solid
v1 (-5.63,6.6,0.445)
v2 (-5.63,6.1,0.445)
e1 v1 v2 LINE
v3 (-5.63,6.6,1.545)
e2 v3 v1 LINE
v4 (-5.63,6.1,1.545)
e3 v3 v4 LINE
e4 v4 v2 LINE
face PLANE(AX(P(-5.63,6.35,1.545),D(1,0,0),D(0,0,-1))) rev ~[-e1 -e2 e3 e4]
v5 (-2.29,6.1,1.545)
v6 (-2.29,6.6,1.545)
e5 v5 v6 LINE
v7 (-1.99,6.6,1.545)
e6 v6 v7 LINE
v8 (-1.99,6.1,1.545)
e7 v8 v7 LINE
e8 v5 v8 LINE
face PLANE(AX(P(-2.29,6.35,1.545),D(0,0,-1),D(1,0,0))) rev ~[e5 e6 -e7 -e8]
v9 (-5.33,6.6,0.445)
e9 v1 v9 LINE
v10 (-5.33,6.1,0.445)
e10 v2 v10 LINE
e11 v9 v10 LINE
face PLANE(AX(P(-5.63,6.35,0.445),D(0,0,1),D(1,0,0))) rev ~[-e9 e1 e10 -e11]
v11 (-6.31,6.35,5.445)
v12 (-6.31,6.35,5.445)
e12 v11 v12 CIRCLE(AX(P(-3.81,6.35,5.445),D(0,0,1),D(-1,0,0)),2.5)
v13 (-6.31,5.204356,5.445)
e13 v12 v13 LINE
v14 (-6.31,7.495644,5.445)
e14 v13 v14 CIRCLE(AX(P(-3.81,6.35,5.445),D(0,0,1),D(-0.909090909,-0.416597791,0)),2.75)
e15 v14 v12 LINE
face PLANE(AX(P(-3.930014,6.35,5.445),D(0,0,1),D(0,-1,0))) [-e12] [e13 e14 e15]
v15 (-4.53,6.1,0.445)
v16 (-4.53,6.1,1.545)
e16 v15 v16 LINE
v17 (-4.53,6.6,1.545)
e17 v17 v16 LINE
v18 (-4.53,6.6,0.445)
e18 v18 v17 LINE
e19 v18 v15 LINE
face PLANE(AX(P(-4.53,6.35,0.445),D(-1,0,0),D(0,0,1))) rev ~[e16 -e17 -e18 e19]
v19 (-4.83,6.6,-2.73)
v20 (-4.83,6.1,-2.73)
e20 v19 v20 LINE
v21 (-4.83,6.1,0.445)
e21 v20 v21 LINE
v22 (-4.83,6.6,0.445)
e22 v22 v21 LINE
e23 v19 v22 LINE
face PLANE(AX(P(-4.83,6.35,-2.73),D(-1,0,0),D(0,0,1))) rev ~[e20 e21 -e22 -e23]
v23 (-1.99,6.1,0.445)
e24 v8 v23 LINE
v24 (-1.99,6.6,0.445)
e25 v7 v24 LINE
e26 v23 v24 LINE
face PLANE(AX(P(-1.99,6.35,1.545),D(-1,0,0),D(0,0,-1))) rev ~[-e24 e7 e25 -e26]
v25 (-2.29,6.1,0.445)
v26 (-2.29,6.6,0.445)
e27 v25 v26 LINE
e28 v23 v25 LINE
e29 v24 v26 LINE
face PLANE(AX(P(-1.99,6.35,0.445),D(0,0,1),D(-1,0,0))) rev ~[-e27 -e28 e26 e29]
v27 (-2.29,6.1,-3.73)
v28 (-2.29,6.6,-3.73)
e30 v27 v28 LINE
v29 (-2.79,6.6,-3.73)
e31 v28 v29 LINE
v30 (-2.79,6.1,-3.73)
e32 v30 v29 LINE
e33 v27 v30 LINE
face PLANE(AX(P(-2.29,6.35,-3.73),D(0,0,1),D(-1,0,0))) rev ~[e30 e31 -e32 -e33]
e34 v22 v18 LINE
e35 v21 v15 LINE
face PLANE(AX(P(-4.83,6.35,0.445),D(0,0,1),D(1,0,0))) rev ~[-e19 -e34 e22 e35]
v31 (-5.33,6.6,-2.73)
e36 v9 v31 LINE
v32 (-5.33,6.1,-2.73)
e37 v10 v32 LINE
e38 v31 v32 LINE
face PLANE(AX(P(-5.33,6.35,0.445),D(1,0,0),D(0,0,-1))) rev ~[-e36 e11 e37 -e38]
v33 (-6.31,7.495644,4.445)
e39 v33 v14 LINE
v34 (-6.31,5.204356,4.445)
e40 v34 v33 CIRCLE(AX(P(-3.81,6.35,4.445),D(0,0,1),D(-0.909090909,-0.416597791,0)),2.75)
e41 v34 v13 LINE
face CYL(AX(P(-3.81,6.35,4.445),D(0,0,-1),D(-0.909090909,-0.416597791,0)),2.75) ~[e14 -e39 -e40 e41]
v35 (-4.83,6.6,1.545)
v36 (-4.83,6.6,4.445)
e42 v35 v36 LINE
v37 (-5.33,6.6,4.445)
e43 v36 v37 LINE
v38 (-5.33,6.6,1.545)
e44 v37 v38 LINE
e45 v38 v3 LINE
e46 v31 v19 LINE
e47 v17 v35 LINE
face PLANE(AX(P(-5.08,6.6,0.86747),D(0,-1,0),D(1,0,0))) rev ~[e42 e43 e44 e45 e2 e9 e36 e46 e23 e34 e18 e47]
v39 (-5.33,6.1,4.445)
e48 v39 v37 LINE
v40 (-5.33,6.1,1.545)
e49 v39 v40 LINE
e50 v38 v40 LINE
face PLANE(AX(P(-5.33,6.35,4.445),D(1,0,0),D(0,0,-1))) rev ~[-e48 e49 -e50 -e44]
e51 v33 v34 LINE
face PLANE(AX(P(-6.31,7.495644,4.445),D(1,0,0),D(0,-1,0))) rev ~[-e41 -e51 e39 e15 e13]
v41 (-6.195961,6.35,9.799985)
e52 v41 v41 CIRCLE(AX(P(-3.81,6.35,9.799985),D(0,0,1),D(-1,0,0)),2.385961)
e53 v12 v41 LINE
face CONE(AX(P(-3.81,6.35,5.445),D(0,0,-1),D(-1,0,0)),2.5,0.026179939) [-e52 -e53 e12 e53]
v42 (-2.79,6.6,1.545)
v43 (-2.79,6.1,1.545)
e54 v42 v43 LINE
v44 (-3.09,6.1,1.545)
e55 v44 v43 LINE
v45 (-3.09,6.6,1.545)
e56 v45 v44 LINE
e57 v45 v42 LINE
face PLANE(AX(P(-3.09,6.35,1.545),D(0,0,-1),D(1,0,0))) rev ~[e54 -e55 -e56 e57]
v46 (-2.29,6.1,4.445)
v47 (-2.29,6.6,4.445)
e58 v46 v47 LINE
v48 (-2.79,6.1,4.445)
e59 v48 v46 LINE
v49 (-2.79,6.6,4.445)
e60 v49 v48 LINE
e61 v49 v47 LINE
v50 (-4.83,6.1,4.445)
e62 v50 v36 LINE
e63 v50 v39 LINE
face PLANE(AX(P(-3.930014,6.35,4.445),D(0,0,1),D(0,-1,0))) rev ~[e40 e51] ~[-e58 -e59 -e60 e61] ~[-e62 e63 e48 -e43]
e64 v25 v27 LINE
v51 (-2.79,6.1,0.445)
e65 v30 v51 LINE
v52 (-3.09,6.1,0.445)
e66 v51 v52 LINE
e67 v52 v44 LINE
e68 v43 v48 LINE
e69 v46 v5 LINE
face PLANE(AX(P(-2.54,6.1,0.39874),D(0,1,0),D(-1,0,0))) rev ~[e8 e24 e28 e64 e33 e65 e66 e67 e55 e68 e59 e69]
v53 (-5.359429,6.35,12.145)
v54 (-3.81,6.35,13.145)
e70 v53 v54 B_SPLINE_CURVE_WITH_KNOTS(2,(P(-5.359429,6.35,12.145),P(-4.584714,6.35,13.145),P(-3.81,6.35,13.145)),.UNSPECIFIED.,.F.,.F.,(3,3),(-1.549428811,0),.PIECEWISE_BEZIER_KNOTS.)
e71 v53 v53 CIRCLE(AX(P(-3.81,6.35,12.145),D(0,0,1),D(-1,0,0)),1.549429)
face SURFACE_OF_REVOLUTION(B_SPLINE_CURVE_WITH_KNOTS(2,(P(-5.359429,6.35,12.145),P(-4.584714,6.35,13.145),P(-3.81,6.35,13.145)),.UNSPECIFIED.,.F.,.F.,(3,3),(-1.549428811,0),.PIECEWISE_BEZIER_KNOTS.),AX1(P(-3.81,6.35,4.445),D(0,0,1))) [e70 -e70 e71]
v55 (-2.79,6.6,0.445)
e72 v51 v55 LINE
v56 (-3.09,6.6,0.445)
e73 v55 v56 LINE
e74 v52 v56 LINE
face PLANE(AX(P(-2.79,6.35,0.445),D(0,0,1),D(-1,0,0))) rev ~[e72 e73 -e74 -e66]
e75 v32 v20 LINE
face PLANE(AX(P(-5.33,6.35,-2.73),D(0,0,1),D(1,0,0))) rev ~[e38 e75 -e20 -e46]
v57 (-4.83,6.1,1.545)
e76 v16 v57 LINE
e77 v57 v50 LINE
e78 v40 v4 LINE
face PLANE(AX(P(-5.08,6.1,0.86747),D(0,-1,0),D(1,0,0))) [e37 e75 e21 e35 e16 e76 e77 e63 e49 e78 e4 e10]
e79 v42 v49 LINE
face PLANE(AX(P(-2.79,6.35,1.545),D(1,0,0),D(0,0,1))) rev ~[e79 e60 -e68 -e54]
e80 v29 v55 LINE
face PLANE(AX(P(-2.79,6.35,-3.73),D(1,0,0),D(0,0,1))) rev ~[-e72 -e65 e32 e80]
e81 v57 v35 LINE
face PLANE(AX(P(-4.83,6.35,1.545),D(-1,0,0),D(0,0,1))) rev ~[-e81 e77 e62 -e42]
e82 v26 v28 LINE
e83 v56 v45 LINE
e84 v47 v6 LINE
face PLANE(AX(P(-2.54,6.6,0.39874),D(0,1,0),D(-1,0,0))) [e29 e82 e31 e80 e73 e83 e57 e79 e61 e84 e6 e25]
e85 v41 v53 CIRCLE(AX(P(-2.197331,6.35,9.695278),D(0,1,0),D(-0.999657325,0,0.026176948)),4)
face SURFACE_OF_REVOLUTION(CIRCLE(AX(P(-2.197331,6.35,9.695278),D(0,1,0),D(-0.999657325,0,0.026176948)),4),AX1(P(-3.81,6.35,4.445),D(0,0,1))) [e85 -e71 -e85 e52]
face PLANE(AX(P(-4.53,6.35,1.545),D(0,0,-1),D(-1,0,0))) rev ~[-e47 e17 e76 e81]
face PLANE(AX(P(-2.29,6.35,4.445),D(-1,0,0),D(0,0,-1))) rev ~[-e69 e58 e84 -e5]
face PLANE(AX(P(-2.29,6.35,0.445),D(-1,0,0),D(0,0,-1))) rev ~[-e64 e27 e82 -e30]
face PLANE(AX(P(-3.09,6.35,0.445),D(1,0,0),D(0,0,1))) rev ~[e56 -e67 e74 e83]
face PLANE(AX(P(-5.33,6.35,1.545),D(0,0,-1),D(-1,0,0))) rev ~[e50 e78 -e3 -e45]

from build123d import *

# Parameters (mm, degrees)
PAD002_DEPTH            = 1
PAD003_DEPTH            = 0.25
BODY001_PLACEMENT_ANGLE = 90


with BuildPart() as part:
    # Sketch003 → Pad002 (new body)
    with BuildSketch(Plane.XY):
        with BuildLine():
            ThreePointArc((1.1456439239, -2.4999999999), (0, 2.75), (-1.1456439239, -2.4999999999))
            Line((-1.1456439239, -2.5), (1.1456439239, -2.5))
        make_face()
    extrude(amount=PAD002_DEPTH)

    # Sketch004 → Revolution001 (revolve)
    with BuildSketch(Plane.YZ):
        with BuildLine():
            add(Edge.make_bspline(
                [(-1.5494288107, 7.7), (-0.7747144053, 8.7), (0, 8.7)],
                knots=[-1.5494288107, -1.5494288107, -1.5494288107, 0, 0, 0], degree=2))
            Line((0, 8.7), (0, 1))
            Line((0, 1), (-2.5, 1))
            Line((-2.5, 1), (-2.3859606946, 5.3549853739))
            ThreePointArc((-2.3859606946, 5.3549853739), (-2.1547940918, 6.5942362206), (-1.5494288107, 7.7))
        make_face()
    revolve(axis=Axis((0, 0, 0), (0, 0, 1)))

    # Sketch005 → Pad003 (join, symmetric)
    with BuildSketch(Plane.YZ):
        Polygon((-1.52, 0), (-1.52, -2.9), (-1.82, -2.9), (-1.82, -4), (-1.52, -4), (-1.52, -7.175), (-1.02, -7.175), (-1.02, -4), (-0.72, -4), (-0.72, -2.9), (-1.02, -2.9), (-1.02, 0), align=None)
        Polygon((1.02, 0), (1.52, 0), (1.52, -2.9), (1.82, -2.9), (1.82, -4), (1.52, -4), (1.52, -8.175), (1.02, -8.175), (1.02, -4), (0.72, -4), (0.72, -2.9), (1.02, -2.9), align=None)
    extrude(amount=PAD003_DEPTH, both=True)


with BuildPart() as part_1:
    # Body001 placement: moved
    add(part.part.moved(Location((-3.81, 6.35, 4.445))).rotate(Axis((-3.81, 6.35, 4.445), (0, 0, -1)), BODY001_PLACEMENT_ANGLE))


solid = part_1.part
